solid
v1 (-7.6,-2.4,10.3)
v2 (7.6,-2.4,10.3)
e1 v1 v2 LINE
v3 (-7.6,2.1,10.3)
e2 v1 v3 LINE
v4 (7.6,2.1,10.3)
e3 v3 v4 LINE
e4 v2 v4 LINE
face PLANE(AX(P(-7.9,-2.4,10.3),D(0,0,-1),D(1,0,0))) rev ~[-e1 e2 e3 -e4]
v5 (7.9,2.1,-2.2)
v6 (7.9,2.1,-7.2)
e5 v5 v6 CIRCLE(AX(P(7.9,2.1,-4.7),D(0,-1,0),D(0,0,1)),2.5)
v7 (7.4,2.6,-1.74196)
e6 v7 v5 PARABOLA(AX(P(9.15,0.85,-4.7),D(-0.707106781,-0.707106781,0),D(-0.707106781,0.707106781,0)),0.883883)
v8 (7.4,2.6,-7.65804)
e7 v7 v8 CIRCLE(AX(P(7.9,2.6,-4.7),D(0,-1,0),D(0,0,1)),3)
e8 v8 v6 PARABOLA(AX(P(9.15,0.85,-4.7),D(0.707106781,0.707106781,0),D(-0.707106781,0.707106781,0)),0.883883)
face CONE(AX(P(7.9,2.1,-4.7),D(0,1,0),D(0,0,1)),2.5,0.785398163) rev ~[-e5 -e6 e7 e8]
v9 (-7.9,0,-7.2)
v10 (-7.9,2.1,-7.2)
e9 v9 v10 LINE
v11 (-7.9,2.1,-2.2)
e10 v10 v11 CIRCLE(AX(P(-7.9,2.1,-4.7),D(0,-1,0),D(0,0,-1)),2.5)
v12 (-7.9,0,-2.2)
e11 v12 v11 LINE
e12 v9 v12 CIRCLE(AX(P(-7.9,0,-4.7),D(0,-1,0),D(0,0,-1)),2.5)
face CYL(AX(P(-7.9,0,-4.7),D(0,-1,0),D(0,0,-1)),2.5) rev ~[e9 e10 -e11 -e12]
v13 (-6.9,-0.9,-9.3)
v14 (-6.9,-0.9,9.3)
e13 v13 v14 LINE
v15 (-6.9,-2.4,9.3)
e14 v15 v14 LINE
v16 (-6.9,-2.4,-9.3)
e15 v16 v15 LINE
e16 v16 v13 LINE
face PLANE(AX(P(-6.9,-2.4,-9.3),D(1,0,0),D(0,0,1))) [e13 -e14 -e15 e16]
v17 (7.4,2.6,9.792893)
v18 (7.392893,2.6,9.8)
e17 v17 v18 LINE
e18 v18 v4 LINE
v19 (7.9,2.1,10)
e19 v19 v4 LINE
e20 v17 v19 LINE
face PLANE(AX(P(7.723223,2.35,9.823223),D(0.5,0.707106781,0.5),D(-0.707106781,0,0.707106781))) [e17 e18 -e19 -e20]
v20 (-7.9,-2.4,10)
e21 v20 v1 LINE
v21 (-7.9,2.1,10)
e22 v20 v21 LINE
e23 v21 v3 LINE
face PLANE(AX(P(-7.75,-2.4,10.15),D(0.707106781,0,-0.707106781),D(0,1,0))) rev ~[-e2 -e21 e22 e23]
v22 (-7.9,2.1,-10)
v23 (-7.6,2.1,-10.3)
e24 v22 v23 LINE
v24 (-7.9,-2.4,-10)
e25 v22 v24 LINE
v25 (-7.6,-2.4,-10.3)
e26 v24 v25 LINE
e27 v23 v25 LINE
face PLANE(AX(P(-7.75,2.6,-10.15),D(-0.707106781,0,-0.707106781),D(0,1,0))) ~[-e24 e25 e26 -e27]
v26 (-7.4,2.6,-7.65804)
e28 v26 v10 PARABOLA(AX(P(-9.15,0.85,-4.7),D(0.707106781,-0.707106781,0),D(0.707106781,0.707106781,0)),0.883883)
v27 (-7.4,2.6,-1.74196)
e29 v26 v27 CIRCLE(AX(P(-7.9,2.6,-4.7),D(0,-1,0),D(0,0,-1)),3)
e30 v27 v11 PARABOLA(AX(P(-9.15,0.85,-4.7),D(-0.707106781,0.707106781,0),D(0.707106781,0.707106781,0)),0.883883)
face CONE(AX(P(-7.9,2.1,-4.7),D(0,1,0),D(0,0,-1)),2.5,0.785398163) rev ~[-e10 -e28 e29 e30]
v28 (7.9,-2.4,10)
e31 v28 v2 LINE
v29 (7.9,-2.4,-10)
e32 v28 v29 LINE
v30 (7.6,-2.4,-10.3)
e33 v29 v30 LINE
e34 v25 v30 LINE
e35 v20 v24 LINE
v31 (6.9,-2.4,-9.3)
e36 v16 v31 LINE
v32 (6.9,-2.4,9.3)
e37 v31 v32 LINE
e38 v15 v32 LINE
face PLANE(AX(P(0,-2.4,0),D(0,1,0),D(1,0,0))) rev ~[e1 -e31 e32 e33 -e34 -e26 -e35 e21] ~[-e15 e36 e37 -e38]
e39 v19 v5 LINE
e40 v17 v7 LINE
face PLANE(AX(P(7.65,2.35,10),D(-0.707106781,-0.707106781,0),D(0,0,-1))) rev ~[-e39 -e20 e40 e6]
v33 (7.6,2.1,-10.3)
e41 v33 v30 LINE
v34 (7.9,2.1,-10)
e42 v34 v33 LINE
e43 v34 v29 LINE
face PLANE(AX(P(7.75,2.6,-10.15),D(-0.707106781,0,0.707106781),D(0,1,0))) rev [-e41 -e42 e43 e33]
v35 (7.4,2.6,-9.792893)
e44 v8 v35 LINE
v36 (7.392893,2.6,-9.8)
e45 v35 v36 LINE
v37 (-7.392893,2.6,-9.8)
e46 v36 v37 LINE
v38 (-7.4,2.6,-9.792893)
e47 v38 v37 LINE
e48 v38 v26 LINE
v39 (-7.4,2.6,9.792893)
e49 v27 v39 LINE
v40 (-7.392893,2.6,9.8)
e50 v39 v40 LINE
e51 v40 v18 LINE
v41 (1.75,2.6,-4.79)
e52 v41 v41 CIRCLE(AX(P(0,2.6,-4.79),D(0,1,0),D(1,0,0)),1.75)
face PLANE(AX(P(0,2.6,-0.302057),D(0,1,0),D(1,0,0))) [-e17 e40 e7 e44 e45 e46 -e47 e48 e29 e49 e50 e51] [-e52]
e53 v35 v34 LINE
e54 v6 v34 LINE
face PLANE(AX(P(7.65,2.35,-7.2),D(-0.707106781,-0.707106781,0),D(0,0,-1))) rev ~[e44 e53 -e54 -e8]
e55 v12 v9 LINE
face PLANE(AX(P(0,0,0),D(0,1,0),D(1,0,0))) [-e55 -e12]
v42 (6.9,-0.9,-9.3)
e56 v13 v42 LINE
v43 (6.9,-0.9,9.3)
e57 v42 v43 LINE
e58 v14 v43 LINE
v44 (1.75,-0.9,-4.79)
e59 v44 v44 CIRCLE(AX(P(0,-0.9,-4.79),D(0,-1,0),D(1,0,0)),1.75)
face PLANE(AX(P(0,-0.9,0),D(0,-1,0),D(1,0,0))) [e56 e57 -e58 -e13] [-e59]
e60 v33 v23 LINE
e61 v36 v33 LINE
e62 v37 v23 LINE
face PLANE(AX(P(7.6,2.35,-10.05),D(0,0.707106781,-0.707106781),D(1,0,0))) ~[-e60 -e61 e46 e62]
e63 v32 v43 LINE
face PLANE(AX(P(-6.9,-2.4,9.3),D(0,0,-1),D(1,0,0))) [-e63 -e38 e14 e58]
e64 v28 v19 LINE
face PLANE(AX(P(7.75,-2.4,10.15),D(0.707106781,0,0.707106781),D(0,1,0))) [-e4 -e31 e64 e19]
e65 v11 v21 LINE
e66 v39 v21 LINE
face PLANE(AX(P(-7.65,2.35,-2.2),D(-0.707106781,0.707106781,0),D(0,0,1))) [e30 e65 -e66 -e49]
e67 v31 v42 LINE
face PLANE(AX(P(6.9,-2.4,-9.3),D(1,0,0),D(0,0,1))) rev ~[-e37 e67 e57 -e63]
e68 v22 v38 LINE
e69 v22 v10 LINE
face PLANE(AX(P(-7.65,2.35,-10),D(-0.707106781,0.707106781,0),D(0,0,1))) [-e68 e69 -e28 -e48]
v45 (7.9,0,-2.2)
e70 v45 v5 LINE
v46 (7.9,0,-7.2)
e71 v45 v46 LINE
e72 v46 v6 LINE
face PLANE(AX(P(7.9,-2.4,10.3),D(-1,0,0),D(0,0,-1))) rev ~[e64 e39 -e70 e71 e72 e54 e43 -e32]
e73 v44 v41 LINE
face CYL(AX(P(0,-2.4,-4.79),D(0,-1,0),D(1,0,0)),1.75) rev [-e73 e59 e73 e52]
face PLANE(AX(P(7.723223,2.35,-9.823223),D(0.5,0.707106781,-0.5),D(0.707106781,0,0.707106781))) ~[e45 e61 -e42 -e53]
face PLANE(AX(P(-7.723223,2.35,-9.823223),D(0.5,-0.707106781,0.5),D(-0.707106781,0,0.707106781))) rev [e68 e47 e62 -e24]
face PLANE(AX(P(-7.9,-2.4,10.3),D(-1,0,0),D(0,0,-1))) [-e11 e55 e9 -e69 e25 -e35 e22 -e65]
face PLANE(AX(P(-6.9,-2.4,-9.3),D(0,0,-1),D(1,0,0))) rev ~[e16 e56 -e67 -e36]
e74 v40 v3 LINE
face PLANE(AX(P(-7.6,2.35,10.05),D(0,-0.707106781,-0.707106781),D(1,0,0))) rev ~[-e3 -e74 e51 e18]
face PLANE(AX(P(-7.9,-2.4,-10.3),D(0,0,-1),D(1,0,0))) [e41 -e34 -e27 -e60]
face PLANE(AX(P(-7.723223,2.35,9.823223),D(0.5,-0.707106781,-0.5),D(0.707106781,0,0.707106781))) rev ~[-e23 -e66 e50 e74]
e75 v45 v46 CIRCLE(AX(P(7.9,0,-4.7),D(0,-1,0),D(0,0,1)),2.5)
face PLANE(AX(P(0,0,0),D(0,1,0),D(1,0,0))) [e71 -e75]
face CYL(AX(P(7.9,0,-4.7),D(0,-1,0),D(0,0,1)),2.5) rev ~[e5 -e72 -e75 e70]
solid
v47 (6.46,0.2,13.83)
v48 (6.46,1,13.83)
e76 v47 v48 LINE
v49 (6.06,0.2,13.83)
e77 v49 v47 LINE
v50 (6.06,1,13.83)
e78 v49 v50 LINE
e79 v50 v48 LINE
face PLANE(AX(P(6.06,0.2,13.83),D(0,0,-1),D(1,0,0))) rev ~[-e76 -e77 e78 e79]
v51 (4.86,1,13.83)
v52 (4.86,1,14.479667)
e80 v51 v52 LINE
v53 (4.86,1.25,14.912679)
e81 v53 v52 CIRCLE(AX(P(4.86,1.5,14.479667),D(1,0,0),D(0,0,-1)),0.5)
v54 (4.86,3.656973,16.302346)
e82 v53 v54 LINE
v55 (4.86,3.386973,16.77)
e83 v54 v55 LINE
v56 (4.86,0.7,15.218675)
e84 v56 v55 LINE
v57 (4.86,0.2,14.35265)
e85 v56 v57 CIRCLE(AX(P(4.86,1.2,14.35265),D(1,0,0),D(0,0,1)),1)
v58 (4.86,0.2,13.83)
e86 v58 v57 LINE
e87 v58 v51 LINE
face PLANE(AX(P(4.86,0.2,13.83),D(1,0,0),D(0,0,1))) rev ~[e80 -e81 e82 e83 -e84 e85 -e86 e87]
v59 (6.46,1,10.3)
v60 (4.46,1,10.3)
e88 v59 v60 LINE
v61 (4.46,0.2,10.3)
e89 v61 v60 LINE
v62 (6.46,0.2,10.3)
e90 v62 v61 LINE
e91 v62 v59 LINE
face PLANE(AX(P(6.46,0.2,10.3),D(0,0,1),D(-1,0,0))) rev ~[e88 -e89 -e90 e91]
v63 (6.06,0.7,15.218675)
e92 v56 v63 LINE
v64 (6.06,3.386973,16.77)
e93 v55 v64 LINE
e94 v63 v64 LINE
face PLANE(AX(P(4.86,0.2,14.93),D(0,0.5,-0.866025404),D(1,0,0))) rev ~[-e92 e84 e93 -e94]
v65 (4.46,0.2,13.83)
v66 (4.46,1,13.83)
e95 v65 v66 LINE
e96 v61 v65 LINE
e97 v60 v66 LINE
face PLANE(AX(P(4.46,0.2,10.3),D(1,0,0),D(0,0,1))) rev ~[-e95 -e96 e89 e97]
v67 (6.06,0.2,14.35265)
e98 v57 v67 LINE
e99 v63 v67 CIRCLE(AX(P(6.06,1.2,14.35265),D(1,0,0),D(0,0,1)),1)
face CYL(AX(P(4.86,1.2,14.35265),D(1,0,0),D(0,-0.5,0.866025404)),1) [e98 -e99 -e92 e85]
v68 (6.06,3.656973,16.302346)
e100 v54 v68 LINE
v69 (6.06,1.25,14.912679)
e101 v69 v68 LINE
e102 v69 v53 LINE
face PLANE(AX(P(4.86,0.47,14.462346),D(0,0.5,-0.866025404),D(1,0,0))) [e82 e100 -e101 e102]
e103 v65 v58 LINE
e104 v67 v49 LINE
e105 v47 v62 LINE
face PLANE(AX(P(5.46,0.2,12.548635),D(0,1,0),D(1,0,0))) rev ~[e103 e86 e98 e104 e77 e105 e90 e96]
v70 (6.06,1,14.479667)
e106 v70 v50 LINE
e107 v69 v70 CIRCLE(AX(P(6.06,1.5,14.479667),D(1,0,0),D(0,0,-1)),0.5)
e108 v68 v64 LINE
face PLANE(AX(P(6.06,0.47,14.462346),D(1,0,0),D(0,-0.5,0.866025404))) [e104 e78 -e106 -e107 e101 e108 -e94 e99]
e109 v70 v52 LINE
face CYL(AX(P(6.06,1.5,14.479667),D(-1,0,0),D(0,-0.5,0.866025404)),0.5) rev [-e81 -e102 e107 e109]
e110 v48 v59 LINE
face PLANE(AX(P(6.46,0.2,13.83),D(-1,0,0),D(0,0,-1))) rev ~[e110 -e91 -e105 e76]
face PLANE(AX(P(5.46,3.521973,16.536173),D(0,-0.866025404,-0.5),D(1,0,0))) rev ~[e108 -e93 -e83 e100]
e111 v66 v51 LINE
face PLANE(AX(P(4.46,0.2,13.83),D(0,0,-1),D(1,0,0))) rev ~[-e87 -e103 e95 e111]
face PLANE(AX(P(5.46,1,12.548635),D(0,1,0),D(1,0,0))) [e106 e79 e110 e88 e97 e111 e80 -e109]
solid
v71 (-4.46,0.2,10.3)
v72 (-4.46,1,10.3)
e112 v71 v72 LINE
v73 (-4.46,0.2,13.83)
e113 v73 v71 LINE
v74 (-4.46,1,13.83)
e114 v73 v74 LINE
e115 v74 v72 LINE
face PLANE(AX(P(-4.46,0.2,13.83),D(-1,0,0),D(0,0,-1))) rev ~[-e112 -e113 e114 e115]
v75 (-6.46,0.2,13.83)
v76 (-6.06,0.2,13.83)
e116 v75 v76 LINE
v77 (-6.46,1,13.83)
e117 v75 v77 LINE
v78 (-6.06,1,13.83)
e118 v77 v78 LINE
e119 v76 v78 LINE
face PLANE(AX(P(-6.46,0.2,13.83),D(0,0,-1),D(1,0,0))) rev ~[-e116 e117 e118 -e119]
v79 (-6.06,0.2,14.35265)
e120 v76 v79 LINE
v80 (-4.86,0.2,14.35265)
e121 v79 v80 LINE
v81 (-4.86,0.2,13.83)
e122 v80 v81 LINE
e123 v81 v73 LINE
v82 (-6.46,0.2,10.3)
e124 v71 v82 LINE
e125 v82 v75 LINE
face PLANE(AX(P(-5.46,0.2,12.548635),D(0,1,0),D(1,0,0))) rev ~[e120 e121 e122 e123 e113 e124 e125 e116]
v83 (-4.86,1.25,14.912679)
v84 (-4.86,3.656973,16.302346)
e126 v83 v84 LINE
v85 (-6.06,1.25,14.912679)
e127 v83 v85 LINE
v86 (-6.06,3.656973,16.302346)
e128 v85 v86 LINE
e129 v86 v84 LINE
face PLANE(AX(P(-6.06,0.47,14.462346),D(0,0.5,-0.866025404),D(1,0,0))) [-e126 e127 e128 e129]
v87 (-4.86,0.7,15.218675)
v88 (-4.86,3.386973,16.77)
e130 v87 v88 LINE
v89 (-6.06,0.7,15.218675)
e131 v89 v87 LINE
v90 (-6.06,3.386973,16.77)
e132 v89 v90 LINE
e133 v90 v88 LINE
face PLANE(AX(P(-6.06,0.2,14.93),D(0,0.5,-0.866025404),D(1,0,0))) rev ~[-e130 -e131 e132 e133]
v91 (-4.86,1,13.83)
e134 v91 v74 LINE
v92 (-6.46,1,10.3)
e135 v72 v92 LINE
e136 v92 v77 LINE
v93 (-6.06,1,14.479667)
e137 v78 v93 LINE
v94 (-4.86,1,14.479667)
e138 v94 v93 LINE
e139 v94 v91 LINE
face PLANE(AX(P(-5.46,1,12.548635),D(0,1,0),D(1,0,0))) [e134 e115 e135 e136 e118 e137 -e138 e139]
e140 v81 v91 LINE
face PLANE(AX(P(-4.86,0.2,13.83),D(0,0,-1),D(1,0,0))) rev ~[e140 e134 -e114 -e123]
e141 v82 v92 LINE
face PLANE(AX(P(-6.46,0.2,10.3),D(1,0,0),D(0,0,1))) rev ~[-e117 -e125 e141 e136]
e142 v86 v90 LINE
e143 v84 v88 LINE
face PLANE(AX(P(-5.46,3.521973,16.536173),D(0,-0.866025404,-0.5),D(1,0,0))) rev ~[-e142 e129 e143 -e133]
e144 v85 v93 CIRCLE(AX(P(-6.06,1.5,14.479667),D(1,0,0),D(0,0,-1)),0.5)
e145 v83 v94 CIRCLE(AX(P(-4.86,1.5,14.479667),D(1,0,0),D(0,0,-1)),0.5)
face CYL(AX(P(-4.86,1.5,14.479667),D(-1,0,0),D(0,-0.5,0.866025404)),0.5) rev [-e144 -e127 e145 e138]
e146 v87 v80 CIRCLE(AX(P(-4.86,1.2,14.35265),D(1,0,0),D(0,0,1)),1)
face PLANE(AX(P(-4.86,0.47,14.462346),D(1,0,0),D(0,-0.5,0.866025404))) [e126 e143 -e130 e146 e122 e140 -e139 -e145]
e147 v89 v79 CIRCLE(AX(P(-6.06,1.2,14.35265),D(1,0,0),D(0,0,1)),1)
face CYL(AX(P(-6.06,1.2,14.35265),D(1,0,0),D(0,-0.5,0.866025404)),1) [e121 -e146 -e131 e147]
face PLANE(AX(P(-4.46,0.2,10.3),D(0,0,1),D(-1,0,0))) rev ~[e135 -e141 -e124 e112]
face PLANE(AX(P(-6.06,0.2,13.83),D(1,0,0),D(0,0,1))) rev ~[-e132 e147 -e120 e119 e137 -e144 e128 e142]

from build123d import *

# Parameters (mm, degrees)
SKETCH_1_R          = 1.75
EXTRUDE_1_DEPTH     = 2.6
EXTRUDE_START       = -2.4
SKETCH_1_3_W        = 15.8
SKETCH_1_3_H        = 20.6
SKETCH_1_3_R        = 1.75
EXTRUDE_2_DEPTH     = 2.4
EXTRUDE_START_2     = 0.2
EXTRUDE_3_DEPTH     = 0.8
EXTRUDE_3_2_DEPTH   = 0.8
CHAMFER_1_SIZE      = 0.3
CHAMFER_2_SIZE      = 0.5
SKETCH_2_W          = 13.8
SKETCH_2_H          = 18.6
SKETCH_2_R          = 1.75
CUT_EXTRUDE_1_DEPTH = 1.5
SKETCH_3_W          = 1.2
SKETCH_3_H          = 0.54
EXTRUDE_6_DEPTH     = 3.68
FILLET_1_R          = 1
FILLET_2_R          = 1
FILLET_3_R          = 0.5
FILLET_4_R          = 0.5


with BuildPart() as part:
    # Эскиз1 → Бобышка-Вытянуть1 (new body)
    with BuildSketch(Plane(origin=(0, 0, 0), x_dir=(1, 0, 0), z_dir=(0, 1, 0))):
        with BuildLine():
            Line((6.46, -10.3), (7.9, -10.3))
            Line((7.9, -10.3), (7.9, 2.2))
            ThreePointArc((7.9, 2.2), (5.4, 4.7), (7.9, 7.2))
            Line((7.9, 7.2), (7.9, 10.3))
            Line((7.9, 10.3), (-7.9, 10.3))
            Line((-7.9, 10.3), (-7.9, 7.2))
            ThreePointArc((-7.9, 7.2), (-5.4, 4.7), (-7.9, 2.2))
            Line((-7.9, 2.2), (-7.9, -10.3))
            Line((-7.9, -10.3), (-6.46, -10.3))
            Line((-6.46, -10.3), (-4.46, -10.3))
            Line((-4.46, -10.3), (4.46, -10.3))
            Line((4.46, -10.3), (6.46, -10.3))
        make_face()
        with Locations((0, 4.79)):
            Circle(SKETCH_1_R, mode=Mode.SUBTRACT)
    extrude(amount=EXTRUDE_1_DEPTH)

    # Эскиз1<3> → Бобышка-Вытянуть2 (add)
    with BuildSketch(Plane(origin=(0, 0, 0), x_dir=(1, 0, 0), z_dir=(0, 1, 0)).offset(EXTRUDE_START)):
        Rectangle(SKETCH_1_3_W, SKETCH_1_3_H)
        with Locations((0, 4.79)):
            Circle(SKETCH_1_3_R, mode=Mode.SUBTRACT)
    extrude(amount=EXTRUDE_2_DEPTH)

    # Фаска1
    chamfer_1_edges = [part.edges().sort_by_distance(p)[0] for p in [
        (-7.9, 0.1, 10.3),
        (-7.9, 0.1, -10.3),
        (7.9, 0.1, -10.3),
        (7.9, 0.1, 10.3),
    ]]
    chamfer(chamfer_1_edges, length=CHAMFER_1_SIZE)

    # Фаска2
    chamfer_2_edges = [part.edges().sort_by_distance(p)[0] for p in [
        (-5.4, 2.6, -4.7),
        (-7.9, 2.6, -8.6),
        (-7.75, 2.6, -10.15),
        (0, 2.6, -10.3),
        (7.75, 2.6, -10.15),
        (7.9, 2.6, -8.6),
        (5.4, 2.6, -4.7),
        (7.9, 2.6, 3.9),
        (7.75, 2.6, 10.15),
        (0, 2.6, 10.3),
        (-7.75, 2.6, 10.15),
        (-7.9, 2.6, 3.9),
    ]]
    chamfer(chamfer_2_edges, length=CHAMFER_2_SIZE)

    # Эскиз2 → Вырез-Вытянуть1 (cut)
    with BuildSketch(Plane.XZ.offset(2.4)):
        Rectangle(SKETCH_2_W, SKETCH_2_H)
        with Locations((0, -4.79)):
            Circle(SKETCH_2_R, mode=Mode.SUBTRACT)
    extrude(amount=-CUT_EXTRUDE_1_DEPTH, mode=Mode.SUBTRACT)


with BuildPart() as body_2:
    # Эскиз1<4> → Бобышка-Вытянуть3 (new body)
    with BuildSketch(Plane(origin=(0, 0, 0), x_dir=(1, 0, 0), z_dir=(0, 1, 0)).offset(EXTRUDE_START_2)):
        Polygon((6.46, -13.83), (6.46, -10.3), (4.46, -10.3), (4.46, -13.83), (4.86, -13.83), (4.86, -14.93), (6.06, -14.93), (6.06, -13.83), align=None)
    extrude(amount=EXTRUDE_3_DEPTH)



with BuildPart() as body_3:
    # Эскиз1<4> → Extrude 3 2 (new body)
    with BuildSketch(Plane(origin=(0, 0, 0), x_dir=(1, 0, 0), z_dir=(0, 1, 0)).offset(EXTRUDE_START_2)):
        Polygon((-4.46, -13.83), (-4.46, -10.3), (-6.46, -10.3), (-6.46, -13.83), (-6.06, -13.83), (-6.06, -14.93), (-4.86, -14.93), (-4.86, -13.83), align=None)
    extrude(amount=EXTRUDE_3_2_DEPTH)


with BuildPart() as body_2_1:
    add(body_2.part)

    add(body_3.part)  # Бобышка-Вытянуть6 merges body 3
    # Эскиз3 → Бобышка-Вытянуть6 (add)
    with BuildSketch(Plane(origin=(0, 6.614879639, 3.81910254), x_dir=(1, 0, 0), z_dir=(0, -0.866025403784438, -0.500000000000001))):
        with Locations((-5.46, 12.559759279)):
            Rectangle(SKETCH_3_W, SKETCH_3_H)
        with Locations((5.46, 12.559759279)):
            Rectangle(SKETCH_3_W, SKETCH_3_H)
    extrude(amount=-EXTRUDE_6_DEPTH)

    # Скругление1
    fillet_1_edges = [body_2_1.edges().sort_by_distance(p)[0] for p in [
        (-5.46, 0.2, 14.93),
    ]]
    fillet(fillet_1_edges, radius=FILLET_1_R)

    # Скругление2
    fillet_2_edges = [body_2_1.edges().sort_by_distance(p)[0] for p in [
        (5.46, 0.2, 14.93),
    ]]
    fillet(fillet_2_edges, radius=FILLET_2_R)

    # Скругление3
    fillet_3_edges = [body_2_1.edges().sort_by_distance(p)[0] for p in [
        (5.46, 1, 14.768341925),
    ]]
    fillet(fillet_3_edges, radius=FILLET_3_R)

    # Скругление4
    fillet_4_edges = [body_2_1.edges().sort_by_distance(p)[0] for p in [
        (-5.46, 1, 14.768341925),
    ]]
    fillet(fillet_4_edges, radius=FILLET_4_R)


solid = Compound([part.part, body_2_1.part])
